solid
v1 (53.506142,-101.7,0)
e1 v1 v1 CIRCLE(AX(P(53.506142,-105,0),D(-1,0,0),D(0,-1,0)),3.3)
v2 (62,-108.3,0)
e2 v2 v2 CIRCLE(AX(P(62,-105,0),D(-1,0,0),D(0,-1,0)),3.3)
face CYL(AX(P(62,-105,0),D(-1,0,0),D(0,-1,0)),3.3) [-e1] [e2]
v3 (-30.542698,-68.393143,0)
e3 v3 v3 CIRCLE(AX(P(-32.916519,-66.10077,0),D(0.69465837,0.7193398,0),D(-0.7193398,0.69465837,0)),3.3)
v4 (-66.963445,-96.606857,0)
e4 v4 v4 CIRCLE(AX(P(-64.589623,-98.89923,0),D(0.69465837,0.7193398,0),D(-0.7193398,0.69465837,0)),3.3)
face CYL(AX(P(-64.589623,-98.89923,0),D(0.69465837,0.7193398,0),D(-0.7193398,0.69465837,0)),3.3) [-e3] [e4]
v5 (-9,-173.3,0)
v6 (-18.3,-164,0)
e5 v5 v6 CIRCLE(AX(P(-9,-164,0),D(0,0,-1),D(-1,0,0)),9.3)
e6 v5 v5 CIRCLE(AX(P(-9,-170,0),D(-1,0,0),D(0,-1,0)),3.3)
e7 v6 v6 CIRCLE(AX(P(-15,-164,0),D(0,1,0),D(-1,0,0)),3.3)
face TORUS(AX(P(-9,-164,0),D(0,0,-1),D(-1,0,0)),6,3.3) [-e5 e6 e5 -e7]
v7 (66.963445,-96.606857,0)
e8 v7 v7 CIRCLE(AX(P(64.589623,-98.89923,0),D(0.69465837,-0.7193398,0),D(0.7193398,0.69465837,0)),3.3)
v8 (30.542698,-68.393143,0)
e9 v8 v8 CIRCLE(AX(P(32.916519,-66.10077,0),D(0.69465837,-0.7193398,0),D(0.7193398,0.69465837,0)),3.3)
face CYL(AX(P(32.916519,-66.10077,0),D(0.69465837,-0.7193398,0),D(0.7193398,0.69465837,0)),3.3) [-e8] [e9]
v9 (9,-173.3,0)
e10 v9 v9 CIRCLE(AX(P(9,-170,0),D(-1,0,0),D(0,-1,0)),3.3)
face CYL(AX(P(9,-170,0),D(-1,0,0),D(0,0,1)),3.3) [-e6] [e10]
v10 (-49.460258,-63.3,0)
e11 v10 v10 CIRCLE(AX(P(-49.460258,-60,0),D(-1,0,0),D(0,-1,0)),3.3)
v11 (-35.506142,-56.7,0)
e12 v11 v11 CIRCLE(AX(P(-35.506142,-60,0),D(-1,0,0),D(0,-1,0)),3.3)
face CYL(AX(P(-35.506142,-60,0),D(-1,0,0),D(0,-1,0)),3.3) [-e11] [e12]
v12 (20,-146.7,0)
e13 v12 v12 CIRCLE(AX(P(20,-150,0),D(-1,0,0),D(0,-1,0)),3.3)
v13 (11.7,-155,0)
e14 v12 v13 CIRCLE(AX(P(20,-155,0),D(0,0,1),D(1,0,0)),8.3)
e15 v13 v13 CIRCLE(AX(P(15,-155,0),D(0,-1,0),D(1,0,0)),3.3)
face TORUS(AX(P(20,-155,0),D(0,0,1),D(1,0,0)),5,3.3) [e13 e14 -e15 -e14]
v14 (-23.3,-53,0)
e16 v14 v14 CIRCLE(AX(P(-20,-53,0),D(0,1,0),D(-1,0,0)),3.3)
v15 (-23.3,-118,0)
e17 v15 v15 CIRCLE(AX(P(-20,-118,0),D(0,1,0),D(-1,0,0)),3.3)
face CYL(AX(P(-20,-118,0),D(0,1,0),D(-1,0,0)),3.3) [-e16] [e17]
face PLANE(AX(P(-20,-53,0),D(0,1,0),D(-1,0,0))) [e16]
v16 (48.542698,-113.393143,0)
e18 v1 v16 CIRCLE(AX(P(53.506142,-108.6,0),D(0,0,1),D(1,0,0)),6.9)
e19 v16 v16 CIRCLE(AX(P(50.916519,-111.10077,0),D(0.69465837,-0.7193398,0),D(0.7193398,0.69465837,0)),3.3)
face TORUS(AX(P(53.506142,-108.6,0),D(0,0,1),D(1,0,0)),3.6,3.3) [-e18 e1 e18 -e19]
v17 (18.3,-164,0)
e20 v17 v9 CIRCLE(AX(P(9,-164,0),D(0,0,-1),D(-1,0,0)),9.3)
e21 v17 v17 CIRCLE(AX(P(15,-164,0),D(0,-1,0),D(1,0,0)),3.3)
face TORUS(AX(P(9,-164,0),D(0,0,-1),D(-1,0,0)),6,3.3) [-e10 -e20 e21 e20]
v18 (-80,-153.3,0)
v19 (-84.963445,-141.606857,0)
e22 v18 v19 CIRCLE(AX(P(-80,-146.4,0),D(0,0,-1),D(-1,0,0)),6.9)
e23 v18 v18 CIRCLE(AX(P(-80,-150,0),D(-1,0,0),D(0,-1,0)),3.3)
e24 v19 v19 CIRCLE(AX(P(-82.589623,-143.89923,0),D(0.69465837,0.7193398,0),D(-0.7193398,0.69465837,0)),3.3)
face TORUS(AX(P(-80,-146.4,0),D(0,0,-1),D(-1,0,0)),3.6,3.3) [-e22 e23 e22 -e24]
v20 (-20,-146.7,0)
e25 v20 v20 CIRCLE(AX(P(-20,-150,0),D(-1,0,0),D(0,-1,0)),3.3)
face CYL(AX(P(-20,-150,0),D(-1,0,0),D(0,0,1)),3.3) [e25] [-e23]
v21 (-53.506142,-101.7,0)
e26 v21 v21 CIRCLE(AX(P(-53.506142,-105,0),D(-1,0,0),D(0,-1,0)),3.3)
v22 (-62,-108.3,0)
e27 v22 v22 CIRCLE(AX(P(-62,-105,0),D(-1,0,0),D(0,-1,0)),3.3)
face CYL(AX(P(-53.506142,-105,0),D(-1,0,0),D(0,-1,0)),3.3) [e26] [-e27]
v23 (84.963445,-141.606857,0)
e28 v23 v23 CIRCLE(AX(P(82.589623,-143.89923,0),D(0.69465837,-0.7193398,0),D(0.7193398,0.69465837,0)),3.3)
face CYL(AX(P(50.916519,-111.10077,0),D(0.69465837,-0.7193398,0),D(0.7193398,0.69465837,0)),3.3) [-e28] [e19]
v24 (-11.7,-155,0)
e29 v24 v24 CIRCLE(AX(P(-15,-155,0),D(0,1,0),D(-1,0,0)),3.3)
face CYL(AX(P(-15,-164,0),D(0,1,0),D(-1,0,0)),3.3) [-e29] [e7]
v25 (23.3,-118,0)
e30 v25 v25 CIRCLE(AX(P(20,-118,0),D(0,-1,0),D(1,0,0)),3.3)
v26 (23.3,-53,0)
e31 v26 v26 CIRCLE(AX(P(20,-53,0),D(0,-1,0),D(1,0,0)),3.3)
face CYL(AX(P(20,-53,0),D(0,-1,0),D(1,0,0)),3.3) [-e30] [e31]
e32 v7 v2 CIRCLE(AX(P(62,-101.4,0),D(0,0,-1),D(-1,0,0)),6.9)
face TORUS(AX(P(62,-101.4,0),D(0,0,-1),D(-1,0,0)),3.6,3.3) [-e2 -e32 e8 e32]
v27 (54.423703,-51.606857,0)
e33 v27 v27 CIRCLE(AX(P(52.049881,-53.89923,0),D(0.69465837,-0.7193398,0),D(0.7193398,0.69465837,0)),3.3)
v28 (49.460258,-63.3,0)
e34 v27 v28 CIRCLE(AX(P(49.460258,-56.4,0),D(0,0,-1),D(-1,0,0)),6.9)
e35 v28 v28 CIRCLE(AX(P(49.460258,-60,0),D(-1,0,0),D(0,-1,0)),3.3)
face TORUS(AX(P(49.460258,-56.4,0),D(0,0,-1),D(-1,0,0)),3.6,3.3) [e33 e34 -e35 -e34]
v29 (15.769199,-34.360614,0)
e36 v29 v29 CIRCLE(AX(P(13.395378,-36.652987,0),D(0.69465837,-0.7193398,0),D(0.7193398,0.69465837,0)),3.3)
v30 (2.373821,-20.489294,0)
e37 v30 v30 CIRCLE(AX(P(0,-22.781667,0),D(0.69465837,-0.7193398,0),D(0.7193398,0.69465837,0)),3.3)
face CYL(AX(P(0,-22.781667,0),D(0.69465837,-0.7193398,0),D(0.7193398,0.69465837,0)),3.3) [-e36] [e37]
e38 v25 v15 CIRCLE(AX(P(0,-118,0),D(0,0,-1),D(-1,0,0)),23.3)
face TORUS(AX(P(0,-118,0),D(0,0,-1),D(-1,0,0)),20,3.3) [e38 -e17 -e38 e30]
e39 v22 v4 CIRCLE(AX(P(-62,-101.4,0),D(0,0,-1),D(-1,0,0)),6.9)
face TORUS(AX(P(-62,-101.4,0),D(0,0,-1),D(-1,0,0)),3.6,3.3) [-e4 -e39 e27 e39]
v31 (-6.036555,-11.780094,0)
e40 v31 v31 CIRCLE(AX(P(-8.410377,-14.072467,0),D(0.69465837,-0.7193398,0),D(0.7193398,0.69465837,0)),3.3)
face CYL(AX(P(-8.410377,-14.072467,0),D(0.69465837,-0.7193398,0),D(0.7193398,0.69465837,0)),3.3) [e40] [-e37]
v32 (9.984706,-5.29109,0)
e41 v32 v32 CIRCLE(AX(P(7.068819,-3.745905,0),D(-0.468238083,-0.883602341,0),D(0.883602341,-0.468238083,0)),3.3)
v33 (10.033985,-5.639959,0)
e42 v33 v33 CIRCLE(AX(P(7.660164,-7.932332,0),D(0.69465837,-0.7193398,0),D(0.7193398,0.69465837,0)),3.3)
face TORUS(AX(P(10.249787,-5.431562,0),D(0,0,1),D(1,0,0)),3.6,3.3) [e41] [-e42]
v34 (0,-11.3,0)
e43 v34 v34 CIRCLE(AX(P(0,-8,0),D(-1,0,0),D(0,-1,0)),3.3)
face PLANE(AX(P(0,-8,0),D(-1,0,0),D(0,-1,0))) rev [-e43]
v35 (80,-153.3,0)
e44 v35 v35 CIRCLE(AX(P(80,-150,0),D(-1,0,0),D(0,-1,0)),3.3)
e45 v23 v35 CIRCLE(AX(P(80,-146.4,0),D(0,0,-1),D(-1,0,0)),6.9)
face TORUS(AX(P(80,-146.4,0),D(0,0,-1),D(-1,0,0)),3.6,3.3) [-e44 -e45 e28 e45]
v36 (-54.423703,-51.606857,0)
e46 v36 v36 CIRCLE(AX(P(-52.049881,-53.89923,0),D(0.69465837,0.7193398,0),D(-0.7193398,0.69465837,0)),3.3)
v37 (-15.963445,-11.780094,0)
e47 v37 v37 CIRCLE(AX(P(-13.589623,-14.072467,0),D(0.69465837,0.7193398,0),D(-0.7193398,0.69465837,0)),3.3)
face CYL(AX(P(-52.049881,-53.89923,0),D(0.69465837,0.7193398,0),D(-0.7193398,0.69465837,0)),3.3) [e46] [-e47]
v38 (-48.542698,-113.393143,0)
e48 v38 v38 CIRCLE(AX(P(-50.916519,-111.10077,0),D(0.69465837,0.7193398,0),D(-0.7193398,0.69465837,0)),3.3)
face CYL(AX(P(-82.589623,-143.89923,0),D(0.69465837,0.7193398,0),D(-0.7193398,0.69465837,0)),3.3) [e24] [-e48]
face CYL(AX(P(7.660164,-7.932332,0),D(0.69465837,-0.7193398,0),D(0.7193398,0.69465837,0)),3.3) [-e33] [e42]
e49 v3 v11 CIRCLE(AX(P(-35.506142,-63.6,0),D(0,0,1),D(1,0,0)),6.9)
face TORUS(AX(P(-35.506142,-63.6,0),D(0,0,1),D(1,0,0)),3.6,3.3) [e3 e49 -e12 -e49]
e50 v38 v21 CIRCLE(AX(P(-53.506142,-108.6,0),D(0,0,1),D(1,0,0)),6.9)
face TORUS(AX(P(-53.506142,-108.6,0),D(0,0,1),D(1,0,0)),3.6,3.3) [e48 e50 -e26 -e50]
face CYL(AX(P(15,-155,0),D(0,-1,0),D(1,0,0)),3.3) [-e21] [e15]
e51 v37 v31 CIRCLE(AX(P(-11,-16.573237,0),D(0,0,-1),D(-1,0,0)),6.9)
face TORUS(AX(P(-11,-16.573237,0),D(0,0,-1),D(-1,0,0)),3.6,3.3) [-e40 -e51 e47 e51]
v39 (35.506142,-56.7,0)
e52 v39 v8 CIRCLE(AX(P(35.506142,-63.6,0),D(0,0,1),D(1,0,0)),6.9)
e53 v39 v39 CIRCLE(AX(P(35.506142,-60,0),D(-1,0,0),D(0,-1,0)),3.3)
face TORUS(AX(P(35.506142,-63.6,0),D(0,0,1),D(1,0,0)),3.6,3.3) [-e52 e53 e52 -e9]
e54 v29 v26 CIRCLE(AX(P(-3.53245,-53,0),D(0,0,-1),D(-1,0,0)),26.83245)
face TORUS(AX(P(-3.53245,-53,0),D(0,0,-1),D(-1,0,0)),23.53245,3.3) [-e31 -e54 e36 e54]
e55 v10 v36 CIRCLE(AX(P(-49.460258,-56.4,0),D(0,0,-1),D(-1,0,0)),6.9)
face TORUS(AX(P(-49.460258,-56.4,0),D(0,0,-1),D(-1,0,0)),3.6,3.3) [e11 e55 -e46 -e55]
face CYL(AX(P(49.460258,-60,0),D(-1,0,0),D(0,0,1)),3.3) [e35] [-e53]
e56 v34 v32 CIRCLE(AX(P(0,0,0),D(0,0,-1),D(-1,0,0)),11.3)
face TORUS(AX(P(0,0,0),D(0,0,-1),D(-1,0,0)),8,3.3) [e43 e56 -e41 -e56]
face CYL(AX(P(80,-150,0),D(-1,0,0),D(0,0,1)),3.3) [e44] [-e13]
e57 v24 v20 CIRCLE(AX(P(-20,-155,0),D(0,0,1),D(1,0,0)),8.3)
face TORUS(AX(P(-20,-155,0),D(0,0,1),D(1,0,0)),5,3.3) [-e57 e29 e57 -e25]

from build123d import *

# Parameters (mm, degrees)
SKETCH_2_R = 3.3


with BuildPart() as part:
    # По траектории4: sweep along a path in Эскиз1
    with BuildLine(Plane.XY) as sweep_4_path:
        Line((-20, -53), (-20, -118))
        ThreePointArc((-20, -118), (0, -138), (20, -118))
        Line((20, -118), (20, -53))
        ThreePointArc((20, -53), (18.286457723, -44.184589198), (13.39537798, -36.652986866))
        Line((13.39537798, -36.652986866), (0, -22.781666903))
        Line((0, -22.781666903), (-8.410376719, -14.072466861))
        ThreePointArc((-8.410376719, -14.072466861), (-11, -12.973236994), (-13.589623281, -14.072466861))
        Line((-13.589623281, -14.072466861), (-52.049881253, -53.899229866))
        ThreePointArc((-52.049881253, -53.899229866), (-52.774075444, -57.806632063), (-49.460257971, -60))
        Line((-49.460257971, -60), (-35.506142168, -60))
        ThreePointArc((-35.506142168, -60), (-32.192324695, -62.193367937), (-32.916518886, -66.100770134))
        Line((-32.916518886, -66.100770134), (-64.589623281, -98.899229866))
        ThreePointArc((-64.589623281, -98.899229866), (-65.313817472, -102.806632063), (-62, -105))
        Line((-62, -105), (-53.506142168, -105))
        ThreePointArc((-53.506142168, -105), (-50.192324695, -107.193367937), (-50.916518886, -111.100770134))
        Line((-50.916518886, -111.100770134), (-82.589623281, -143.899229866))
        ThreePointArc((-82.589623281, -143.899229866), (-83.313817472, -147.806632063), (-80, -150))
        Line((-80, -150), (-20, -150))
        ThreePointArc((-20, -150), (-16.464466094, -151.464466094), (-15, -155))
        Line((-15, -155), (-15, -164))
        ThreePointArc((-15, -164), (-13.242640687, -168.242640687), (-9, -170))
        Line((-9, -170), (9, -170))
        ThreePointArc((9, -170), (13.242640687, -168.242640687), (15, -164))
        Line((15, -164), (15, -155))
        ThreePointArc((15, -155), (16.464466094, -151.464466094), (20, -150))
        Line((20, -150), (80, -150))
        ThreePointArc((80, -150), (83.313817472, -147.806632063), (82.589623281, -143.899229866))
        Line((82.589623281, -143.899229866), (50.916518886, -111.100770134))
        ThreePointArc((50.916518886, -111.100770134), (50.192324695, -107.193367937), (53.506142168, -105))
        Line((53.506142168, -105), (62, -105))
        ThreePointArc((62, -105), (65.313817472, -102.806632063), (64.589623281, -98.899229866))
        Line((64.589623281, -98.899229866), (32.916518886, -66.100770134))
        ThreePointArc((32.916518886, -66.100770134), (32.192324695, -62.193367937), (35.506142168, -60))
        Line((35.506142168, -60), (49.460257971, -60))
        ThreePointArc((49.460257971, -60), (52.774075444, -57.806632063), (52.049881253, -53.899229866))
        Line((52.049881253, -53.899229866), (7.660163876, -7.932331902))
        ThreePointArc((7.660163876, -7.932331902), (6.685172814, -5.935074017), (7.068818729, -3.745904668))
        ThreePointArc((7.068818729, -3.745904668), (-4.125091675, 6.854459765), (0, -8))
    # Эскиз2 → По траектории4 (sweep)
    with BuildSketch(Plane(origin=(0, -8, 0), x_dir=(0, 0, 1), z_dir=(-1, 0, 0))):
        Circle(SKETCH_2_R)
    sweep(path=sweep_4_path.line)


solid = part.part
